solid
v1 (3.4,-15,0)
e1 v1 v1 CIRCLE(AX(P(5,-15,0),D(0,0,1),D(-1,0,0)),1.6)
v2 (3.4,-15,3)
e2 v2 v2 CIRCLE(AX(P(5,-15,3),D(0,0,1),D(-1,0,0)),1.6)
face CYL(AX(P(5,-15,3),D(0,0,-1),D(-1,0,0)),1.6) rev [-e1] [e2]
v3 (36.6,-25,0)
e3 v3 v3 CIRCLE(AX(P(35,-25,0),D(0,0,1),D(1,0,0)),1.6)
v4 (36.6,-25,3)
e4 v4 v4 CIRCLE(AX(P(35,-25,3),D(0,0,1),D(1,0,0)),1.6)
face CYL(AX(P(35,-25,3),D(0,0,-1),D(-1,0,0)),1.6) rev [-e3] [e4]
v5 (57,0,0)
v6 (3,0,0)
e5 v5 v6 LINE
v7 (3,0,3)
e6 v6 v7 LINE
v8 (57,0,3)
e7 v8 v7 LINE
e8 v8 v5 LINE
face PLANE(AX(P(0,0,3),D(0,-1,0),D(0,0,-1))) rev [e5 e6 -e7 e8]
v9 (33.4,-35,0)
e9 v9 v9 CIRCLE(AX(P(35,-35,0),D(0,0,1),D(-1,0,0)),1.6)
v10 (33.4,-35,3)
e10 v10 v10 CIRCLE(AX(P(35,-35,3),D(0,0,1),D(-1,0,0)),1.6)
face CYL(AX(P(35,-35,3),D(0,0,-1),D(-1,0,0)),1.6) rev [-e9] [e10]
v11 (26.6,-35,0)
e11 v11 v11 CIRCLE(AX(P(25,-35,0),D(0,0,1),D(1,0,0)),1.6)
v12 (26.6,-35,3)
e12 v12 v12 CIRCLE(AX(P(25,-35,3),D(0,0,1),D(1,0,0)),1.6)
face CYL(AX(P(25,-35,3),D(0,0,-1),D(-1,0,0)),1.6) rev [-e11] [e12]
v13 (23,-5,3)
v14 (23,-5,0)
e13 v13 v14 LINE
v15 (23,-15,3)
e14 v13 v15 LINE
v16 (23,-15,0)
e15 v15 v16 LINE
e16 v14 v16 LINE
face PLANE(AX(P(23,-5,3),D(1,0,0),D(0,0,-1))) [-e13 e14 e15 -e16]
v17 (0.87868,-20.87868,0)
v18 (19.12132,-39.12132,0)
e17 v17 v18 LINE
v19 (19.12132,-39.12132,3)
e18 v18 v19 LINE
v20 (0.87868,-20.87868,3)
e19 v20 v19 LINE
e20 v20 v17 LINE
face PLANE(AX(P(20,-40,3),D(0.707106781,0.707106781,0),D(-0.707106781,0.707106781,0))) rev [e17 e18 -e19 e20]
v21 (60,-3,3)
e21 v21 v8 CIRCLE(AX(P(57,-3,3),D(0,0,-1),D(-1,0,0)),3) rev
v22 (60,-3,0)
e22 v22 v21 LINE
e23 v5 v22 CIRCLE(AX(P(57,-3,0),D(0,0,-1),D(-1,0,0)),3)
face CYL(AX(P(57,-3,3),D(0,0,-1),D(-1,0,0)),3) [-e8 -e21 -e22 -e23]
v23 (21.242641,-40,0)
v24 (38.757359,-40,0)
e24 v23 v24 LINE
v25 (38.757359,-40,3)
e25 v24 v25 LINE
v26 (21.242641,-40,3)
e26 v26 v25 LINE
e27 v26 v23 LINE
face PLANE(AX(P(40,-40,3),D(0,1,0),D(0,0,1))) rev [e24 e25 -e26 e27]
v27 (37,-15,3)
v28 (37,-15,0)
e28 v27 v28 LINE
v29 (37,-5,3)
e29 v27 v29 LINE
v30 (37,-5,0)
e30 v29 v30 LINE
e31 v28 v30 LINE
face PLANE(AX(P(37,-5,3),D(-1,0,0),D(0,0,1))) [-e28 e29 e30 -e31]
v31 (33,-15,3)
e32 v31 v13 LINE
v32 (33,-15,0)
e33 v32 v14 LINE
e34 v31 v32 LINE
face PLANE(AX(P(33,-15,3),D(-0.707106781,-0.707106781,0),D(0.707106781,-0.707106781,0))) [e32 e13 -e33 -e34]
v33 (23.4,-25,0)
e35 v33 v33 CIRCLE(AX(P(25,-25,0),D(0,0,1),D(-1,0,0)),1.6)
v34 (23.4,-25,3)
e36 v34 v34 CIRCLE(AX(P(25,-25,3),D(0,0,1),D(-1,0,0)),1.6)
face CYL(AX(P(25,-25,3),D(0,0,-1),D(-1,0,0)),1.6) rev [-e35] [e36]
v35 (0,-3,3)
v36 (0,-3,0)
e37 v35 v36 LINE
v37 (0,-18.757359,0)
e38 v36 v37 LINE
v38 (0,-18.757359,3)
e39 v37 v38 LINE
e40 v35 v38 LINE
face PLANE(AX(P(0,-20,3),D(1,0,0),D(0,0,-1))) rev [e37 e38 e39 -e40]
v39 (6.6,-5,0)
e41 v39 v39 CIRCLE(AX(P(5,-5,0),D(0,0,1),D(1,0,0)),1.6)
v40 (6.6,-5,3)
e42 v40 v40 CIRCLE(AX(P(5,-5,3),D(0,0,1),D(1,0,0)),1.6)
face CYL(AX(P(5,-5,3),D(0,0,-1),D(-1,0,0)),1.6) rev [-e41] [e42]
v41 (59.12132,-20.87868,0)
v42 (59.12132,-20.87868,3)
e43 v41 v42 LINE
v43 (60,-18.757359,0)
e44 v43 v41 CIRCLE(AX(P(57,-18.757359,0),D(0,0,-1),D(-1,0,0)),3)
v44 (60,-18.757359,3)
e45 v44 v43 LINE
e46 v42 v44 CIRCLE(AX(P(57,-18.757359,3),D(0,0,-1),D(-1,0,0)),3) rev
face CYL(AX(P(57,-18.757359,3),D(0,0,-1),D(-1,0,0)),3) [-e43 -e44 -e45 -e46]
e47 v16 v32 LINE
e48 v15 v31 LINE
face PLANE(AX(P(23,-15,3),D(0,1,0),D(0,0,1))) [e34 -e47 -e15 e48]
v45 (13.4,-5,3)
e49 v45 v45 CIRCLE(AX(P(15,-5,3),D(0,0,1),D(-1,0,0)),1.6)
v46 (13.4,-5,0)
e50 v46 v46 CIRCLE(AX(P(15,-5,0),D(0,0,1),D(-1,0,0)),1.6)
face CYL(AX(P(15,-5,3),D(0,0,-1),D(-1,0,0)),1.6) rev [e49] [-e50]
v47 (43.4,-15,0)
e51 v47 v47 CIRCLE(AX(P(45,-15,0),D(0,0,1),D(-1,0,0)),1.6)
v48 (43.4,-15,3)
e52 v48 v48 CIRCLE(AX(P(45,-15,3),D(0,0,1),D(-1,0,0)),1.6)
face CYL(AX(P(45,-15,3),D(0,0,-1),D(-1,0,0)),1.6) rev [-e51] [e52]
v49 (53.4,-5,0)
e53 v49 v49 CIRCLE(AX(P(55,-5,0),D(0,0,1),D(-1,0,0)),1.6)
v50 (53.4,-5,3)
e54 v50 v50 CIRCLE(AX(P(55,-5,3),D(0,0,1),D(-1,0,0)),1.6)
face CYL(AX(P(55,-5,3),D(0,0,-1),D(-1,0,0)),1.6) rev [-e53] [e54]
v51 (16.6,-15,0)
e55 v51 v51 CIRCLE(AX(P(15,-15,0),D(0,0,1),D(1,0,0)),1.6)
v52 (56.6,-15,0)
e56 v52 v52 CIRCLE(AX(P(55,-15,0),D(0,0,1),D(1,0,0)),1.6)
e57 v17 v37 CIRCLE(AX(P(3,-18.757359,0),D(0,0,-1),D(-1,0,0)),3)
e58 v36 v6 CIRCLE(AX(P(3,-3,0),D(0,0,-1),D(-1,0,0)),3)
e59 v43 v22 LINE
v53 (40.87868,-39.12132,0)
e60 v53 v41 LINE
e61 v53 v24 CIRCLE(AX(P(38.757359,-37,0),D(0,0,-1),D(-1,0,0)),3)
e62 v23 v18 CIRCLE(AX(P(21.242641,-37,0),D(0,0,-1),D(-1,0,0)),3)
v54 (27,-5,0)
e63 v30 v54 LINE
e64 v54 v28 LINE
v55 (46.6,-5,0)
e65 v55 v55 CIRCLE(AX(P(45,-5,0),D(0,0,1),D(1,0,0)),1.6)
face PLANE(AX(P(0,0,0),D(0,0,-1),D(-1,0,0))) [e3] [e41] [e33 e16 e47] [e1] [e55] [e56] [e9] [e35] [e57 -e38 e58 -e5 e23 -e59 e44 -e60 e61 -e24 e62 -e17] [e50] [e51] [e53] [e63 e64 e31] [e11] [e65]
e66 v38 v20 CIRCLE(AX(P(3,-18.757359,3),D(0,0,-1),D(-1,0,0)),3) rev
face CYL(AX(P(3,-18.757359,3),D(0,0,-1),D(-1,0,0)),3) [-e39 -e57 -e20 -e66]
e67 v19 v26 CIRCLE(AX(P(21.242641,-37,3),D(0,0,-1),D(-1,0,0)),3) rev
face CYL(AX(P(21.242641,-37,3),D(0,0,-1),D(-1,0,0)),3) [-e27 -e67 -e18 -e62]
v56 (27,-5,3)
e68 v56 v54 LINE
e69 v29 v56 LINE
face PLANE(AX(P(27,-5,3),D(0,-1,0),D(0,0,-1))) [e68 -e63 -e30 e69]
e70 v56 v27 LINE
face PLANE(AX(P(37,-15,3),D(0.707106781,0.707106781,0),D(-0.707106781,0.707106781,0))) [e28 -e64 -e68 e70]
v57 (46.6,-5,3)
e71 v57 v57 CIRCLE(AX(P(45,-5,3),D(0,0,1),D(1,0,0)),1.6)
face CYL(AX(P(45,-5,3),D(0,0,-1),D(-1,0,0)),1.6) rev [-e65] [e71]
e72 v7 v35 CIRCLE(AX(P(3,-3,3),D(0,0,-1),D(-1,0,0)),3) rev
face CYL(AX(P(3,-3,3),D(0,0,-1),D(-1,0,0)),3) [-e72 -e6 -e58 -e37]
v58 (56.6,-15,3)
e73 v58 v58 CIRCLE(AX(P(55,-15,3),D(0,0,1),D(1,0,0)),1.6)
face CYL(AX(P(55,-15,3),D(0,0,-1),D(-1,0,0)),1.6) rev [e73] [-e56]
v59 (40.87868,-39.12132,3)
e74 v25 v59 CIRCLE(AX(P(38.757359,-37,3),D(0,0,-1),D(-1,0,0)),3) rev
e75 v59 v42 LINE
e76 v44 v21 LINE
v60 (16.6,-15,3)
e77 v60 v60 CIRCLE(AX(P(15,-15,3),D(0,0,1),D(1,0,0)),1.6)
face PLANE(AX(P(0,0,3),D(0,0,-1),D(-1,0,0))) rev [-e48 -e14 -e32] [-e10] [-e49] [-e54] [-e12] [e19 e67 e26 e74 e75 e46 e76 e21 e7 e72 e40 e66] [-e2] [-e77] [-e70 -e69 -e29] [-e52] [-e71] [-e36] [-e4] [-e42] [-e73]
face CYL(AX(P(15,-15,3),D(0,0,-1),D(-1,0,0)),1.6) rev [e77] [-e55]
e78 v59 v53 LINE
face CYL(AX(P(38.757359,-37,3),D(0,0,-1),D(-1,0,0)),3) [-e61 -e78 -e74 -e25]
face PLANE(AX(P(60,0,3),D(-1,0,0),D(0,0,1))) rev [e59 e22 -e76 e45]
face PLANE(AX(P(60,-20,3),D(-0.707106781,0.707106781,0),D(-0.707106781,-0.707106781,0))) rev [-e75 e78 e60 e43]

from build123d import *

# Parameters (mm, degrees)
SKETCH_1_R      = 1.6
EXTRUDE_1_DEPTH = 3
FILLET_1_R      = 3


with BuildPart() as part:
    # 草图1 → 凸台-拉伸1 (new body)
    with BuildSketch(Plane.XY):
        Polygon((0, 0), (60, 0), (60, -20), (40, -40), (20, -40), (0, -20), align=None)
        with Locations((5, -5)):
            Circle(SKETCH_1_R, mode=Mode.SUBTRACT)
        with Locations(Location((15, -5, 0), (0, 0, 180))):
            Circle(SKETCH_1_R, mode=Mode.SUBTRACT)
        with Locations((15, -15)):
            Circle(SKETCH_1_R, mode=Mode.SUBTRACT)
        with Locations(Location((5, -15, 0), (0, 0, 180))):
            Circle(SKETCH_1_R, mode=Mode.SUBTRACT)
        with Locations((55, -15)):
            Circle(SKETCH_1_R, mode=Mode.SUBTRACT)
        with Locations(Location((45, -15, 0), (0, 0, 180))):
            Circle(SKETCH_1_R, mode=Mode.SUBTRACT)
        with Locations((45, -5)):
            Circle(SKETCH_1_R, mode=Mode.SUBTRACT)
        with Locations(Location((55, -5, 0), (0, 0, 180))):
            Circle(SKETCH_1_R, mode=Mode.SUBTRACT)
        with Locations((25, -35)):
            Circle(SKETCH_1_R, mode=Mode.SUBTRACT)
        with Locations(Location((35, -35, 0), (0, 0, 180))):
            Circle(SKETCH_1_R, mode=Mode.SUBTRACT)
        with Locations((35, -25)):
            Circle(SKETCH_1_R, mode=Mode.SUBTRACT)
        with Locations(Location((25, -25, 0), (0, 0, 180))):
            Circle(SKETCH_1_R, mode=Mode.SUBTRACT)
        Polygon((23, -5), (23, -15), (33, -15), align=None, mode=Mode.SUBTRACT)
        Polygon((27, -5), (37, -5), (37, -15), align=None, mode=Mode.SUBTRACT)
    extrude(amount=EXTRUDE_1_DEPTH)

    # 圆角1
    fillet_1_edges = [part.edges().sort_by_distance(p)[0] for p in [
        (0, 0, 1.5),
        (60, 0, 1.5),
        (60, -20, 1.5),
        (40, -40, 1.5),
        (20, -40, 1.5),
        (0, -20, 1.5),
    ]]
    fillet(fillet_1_edges, radius=FILLET_1_R)


solid = part.part
